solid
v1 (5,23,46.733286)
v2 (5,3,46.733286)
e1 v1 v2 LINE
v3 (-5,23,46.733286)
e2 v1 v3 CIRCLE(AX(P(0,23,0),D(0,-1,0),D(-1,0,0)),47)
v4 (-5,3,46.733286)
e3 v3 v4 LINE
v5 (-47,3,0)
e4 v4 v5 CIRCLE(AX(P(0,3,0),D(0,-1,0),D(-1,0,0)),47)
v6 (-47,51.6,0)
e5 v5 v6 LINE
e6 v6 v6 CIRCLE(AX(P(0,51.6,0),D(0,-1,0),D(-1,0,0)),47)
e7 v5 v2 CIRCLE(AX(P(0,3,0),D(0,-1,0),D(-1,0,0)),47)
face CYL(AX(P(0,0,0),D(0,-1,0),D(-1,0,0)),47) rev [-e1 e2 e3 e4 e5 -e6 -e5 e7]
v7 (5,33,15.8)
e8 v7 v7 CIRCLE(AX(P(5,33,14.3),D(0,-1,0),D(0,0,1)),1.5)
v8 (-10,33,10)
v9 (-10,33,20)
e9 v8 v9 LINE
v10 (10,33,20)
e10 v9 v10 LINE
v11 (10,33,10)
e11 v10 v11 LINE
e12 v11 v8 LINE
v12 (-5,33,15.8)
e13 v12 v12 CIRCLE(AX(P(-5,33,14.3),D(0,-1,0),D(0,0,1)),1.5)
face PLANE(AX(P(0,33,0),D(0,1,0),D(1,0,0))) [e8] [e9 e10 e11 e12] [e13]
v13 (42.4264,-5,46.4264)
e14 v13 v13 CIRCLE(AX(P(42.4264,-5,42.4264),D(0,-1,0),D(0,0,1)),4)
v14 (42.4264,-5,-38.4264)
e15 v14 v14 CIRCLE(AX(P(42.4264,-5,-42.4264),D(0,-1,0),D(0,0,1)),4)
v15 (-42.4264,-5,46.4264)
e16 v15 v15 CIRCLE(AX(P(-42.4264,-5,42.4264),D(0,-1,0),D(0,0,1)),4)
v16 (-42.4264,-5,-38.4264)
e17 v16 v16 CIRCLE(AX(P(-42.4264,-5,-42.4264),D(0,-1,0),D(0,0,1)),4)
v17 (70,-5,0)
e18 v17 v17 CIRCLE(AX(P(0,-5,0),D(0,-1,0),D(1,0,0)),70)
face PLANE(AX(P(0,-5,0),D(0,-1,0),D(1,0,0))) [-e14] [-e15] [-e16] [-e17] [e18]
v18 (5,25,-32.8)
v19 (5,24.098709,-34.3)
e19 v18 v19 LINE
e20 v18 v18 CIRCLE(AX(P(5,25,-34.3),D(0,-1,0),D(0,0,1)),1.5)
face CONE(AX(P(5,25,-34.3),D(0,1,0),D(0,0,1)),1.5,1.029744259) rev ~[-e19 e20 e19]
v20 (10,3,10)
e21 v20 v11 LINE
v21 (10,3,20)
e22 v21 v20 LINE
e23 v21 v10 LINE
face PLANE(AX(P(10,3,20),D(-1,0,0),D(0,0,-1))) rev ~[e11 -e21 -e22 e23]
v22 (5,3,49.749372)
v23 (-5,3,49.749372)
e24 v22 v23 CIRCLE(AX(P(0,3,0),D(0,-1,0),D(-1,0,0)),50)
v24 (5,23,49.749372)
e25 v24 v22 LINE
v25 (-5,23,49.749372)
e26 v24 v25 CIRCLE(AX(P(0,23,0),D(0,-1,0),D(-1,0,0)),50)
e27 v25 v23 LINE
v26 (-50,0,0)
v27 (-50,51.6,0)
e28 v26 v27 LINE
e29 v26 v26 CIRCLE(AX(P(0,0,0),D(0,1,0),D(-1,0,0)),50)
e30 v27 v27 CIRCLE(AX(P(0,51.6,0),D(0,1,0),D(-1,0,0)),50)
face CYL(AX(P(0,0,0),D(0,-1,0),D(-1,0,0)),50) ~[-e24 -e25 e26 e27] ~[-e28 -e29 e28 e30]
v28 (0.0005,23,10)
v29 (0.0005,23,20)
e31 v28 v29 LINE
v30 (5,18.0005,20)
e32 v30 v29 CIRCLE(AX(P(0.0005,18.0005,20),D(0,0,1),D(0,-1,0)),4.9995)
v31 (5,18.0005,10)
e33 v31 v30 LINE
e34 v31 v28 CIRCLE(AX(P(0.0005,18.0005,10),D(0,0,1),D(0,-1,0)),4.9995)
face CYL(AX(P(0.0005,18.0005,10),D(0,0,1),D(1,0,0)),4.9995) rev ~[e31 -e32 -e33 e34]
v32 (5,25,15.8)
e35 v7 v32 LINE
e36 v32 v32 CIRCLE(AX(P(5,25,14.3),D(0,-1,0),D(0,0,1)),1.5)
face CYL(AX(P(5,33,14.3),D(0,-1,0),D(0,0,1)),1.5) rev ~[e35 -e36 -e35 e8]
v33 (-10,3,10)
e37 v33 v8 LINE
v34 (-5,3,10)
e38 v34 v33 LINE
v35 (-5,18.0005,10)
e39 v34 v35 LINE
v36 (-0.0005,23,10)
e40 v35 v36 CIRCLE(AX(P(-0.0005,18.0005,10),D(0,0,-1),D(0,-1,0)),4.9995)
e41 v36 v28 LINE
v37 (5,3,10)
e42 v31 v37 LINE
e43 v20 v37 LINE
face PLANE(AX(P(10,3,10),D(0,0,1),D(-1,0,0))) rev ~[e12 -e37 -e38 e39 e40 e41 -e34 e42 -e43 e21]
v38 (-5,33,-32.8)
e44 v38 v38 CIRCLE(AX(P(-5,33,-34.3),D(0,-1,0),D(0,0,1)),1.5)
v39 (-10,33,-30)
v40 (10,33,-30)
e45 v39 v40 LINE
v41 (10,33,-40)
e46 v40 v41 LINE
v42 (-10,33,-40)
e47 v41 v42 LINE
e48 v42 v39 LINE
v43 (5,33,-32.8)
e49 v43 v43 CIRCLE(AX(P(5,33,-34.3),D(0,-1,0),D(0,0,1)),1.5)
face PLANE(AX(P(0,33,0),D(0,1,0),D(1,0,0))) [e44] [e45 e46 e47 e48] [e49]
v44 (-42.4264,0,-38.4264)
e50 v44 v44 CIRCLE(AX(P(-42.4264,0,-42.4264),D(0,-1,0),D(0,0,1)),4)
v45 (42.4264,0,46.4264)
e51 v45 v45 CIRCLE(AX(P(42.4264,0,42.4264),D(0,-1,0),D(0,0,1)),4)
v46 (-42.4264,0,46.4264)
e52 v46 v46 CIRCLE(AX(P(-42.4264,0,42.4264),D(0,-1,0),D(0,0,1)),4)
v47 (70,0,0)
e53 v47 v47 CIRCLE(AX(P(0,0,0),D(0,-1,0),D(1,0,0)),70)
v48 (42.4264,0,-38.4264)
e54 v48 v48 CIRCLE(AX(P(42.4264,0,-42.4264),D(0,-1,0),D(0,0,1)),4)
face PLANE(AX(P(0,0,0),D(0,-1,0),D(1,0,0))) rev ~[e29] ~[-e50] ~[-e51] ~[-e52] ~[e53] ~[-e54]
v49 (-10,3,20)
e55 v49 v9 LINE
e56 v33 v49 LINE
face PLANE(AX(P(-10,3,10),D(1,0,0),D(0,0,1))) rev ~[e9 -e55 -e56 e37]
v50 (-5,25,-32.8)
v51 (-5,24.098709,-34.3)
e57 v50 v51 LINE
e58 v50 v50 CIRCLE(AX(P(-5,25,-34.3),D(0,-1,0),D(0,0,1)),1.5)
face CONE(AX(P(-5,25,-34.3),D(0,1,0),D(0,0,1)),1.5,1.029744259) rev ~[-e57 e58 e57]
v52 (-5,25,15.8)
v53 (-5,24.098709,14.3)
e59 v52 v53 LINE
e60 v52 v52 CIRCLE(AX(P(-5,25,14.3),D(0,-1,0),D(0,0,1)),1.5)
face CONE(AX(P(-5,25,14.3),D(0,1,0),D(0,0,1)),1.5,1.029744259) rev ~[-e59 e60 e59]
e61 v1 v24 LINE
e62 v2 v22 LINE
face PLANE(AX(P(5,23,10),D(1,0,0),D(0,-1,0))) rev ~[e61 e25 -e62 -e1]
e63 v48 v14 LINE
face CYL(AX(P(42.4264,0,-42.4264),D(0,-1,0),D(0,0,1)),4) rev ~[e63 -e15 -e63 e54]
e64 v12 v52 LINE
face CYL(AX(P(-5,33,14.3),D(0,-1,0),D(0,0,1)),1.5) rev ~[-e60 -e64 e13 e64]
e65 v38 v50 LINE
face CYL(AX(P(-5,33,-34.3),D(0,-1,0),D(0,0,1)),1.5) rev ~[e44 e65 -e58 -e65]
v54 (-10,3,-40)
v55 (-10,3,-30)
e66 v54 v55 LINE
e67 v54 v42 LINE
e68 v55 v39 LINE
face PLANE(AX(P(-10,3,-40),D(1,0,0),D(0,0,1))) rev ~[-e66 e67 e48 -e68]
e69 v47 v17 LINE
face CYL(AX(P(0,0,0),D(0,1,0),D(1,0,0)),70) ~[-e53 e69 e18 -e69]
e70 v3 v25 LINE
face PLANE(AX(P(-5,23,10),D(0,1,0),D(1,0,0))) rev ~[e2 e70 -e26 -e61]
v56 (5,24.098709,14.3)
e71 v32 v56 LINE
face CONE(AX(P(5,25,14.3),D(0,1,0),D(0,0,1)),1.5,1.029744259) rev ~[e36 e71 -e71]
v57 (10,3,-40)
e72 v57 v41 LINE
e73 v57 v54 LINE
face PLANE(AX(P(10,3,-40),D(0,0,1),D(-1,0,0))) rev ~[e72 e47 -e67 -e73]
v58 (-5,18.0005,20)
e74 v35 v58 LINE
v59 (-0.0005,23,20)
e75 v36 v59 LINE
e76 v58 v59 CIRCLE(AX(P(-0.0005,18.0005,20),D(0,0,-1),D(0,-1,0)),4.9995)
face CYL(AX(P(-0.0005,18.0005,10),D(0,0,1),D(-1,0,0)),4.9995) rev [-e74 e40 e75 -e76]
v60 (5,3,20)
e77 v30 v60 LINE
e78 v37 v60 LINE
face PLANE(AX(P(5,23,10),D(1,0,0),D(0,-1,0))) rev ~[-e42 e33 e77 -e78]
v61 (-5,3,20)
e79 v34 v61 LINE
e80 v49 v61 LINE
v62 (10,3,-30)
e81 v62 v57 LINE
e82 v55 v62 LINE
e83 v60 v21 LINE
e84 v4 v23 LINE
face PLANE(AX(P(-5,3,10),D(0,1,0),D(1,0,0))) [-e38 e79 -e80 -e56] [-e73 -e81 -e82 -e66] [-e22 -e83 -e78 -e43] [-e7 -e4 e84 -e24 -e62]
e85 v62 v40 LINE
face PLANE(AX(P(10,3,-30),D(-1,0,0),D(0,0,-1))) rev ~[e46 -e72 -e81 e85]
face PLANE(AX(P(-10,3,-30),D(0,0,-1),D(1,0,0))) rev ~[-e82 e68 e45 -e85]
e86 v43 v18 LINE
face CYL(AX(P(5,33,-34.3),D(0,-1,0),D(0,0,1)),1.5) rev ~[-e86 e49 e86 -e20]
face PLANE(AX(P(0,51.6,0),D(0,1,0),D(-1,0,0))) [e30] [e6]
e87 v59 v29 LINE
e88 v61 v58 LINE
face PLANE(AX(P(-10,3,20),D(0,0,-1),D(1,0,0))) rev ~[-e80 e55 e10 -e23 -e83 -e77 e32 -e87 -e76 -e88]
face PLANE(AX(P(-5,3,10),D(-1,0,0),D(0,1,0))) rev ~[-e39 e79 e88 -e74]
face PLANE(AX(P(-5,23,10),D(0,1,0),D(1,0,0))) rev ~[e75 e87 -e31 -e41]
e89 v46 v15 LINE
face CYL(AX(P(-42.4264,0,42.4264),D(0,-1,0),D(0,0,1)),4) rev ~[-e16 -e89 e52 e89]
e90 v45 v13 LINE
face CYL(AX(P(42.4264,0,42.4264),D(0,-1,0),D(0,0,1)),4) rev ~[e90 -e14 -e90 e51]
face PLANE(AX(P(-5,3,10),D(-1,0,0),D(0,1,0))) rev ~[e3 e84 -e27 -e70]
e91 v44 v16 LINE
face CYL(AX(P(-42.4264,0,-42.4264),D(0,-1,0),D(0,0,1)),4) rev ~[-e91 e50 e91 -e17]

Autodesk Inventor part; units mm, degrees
ref_plane "YZ Plane" through (0, 0, 0) normal (1, 0, 0) x (0, 1, 0)
ref_plane "XZ Plane" through (0, 0, 0) normal (0, 1, 0) x (-1, 0, 0)
ref_plane "XY Plane" through (0, 0, 0) normal (0, 0, 1) x (1, 0, 0)
sketch "草圖1" plane through (0, 0, 0) normal (0, 1, 0) x (-1, 0, 0)
  circle A0 centre (0, 0) radius 50
  dimension "d0" = 100
extrude "擠出1" add sketch "草圖1" along normal blind 51.6
shell "薄殼1" thickness 3 removed faces 1 at (-9.39, 51.6, -8.8667)
sketch "草圖2" plane through (0, 0, 0) normal (0, -1, 0) x (1, 0, 0)
  circle A0 centre (0, 0) radius 70
  dimension "d4" = 140
extrude "擠出2" add sketch "草圖2" along normal blind 5
sketch "草圖3" plane through (0, 0, 0) normal (0, 1, 0) x (1, 0, 0)
  circle A0 centre (0, 0) radius 60
  line L0 (42.4264, -42.4264) -> (-42.4264, -42.4264)
  line L1 (-42.4264, -42.4264) -> (-42.4264, 42.4264)
  line L2 (-42.4264, 42.4264) -> (42.4264, 42.4264)
  line L3 (42.4264, 42.4264) -> (42.4264, -42.4264)
  line L4 (42.4264, -42.4264) -> (-42.4264, 42.4264) construction
  line L5 (-42.4264, -42.4264) -> (42.4264, 42.4264) construction
  dimension "d7" = 120
hole "孔1" at (-42.4264, 0, 42.4264) at (-42.4264, 0, -42.4264) at (42.4264, 0, -42.4264) at (42.4264, 0, 42.4264) direction (0, -1, 0) diameter 8 depth 8 tip angle 118
sketch "草圖4" plane through (0, 3, 0) normal (0, 1, 0) x (1, 0, 0)
  line L0 (-10, -20) -> (10, -20)
  line L1 (10, -20) -> (10, -10)
  line L2 (10, -10) -> (-10, -10)
  line L3 (-10, -10) -> (-10, -20)
  line L4 (-10, 30) -> (10, 30)
  line L5 (10, 30) -> (10, 40)
  line L6 (10, 40) -> (-10, 40)
  line L7 (-10, 40) -> (-10, 30)
  point P0 (0, 0)
  dimension "d15" = 10
  dimension "d16" = 30
  dimension "d17" = 10
  dimension "d18" = 10
  dimension "d19" = 20
  dimension "d20" = 10
extrude "擠出3" add sketch "草圖4" along normal blind 30
sketch "草圖5" plane through (0, 33, 0) normal (0, 1, 0) x (1, 0, 0)
  line L0 (5, 34.3) -> (-5, 34.3)
  line L1 (-5, 34.3) -> (-5, -14.3)
  line L2 (-5, -14.3) -> (5, -14.3)
  line L3 (5, -14.3) -> (5, 34.3)
  line L4 (5, 34.3) -> (-5, -14.3) construction
  line L5 (-5, 34.3) -> (5, -14.3) construction
  line L6 (10, 30) -> (10, 40) projected
  line L7 (10, 40) -> (-10, 40) projected
  line L8 (-10, 30) -> (10, 30) projected
  line L9 (16.2048, 30) -> (16.2048, -10)
  line L10 (0, 10) -> (16.2048, 10)
  line L11 (10, -10) -> (-10, -10) projected
  dimension "d23" = 10
  dimension "d24" = 48.6
  dimension "d37" = 5
hole "孔2" at (-5, 33, 14.3) at (5, 33, 14.3) at (5, 33, -34.3) at (-5, 33, -34.3) direction (0, -1, 0) diameter 3 depth 8 tip angle 118
sketch "草圖6" plane through (10, 3, 10) normal (0, 0, -1) x (-1, 0, 0)
  line L0 (20, 0) -> (0, 0) projected
  line L1 (5, 0) -> (15, 0)
  line L2 (15, 0) -> (15, 20)
  line L3 (15, 20) -> (5, 20)
  line L4 (5, 20) -> (5, 0)
  line L5 (0, 0) -> (0, 30) projected
  line L6 (20, 0) -> (20, 30) projected
  point P0 (10, -3)
  dimension "d32" = 5
  dimension "d33" = 5
  dimension "d34" = 20
extrude "擠出4" cut sketch "草圖6" against normal through all
fillet "圓角1" radius 5 2 edges at (5, 23, 15) (-5, 23, 15)
properties part number "底座" material "熱塑性塑膠樹脂"
